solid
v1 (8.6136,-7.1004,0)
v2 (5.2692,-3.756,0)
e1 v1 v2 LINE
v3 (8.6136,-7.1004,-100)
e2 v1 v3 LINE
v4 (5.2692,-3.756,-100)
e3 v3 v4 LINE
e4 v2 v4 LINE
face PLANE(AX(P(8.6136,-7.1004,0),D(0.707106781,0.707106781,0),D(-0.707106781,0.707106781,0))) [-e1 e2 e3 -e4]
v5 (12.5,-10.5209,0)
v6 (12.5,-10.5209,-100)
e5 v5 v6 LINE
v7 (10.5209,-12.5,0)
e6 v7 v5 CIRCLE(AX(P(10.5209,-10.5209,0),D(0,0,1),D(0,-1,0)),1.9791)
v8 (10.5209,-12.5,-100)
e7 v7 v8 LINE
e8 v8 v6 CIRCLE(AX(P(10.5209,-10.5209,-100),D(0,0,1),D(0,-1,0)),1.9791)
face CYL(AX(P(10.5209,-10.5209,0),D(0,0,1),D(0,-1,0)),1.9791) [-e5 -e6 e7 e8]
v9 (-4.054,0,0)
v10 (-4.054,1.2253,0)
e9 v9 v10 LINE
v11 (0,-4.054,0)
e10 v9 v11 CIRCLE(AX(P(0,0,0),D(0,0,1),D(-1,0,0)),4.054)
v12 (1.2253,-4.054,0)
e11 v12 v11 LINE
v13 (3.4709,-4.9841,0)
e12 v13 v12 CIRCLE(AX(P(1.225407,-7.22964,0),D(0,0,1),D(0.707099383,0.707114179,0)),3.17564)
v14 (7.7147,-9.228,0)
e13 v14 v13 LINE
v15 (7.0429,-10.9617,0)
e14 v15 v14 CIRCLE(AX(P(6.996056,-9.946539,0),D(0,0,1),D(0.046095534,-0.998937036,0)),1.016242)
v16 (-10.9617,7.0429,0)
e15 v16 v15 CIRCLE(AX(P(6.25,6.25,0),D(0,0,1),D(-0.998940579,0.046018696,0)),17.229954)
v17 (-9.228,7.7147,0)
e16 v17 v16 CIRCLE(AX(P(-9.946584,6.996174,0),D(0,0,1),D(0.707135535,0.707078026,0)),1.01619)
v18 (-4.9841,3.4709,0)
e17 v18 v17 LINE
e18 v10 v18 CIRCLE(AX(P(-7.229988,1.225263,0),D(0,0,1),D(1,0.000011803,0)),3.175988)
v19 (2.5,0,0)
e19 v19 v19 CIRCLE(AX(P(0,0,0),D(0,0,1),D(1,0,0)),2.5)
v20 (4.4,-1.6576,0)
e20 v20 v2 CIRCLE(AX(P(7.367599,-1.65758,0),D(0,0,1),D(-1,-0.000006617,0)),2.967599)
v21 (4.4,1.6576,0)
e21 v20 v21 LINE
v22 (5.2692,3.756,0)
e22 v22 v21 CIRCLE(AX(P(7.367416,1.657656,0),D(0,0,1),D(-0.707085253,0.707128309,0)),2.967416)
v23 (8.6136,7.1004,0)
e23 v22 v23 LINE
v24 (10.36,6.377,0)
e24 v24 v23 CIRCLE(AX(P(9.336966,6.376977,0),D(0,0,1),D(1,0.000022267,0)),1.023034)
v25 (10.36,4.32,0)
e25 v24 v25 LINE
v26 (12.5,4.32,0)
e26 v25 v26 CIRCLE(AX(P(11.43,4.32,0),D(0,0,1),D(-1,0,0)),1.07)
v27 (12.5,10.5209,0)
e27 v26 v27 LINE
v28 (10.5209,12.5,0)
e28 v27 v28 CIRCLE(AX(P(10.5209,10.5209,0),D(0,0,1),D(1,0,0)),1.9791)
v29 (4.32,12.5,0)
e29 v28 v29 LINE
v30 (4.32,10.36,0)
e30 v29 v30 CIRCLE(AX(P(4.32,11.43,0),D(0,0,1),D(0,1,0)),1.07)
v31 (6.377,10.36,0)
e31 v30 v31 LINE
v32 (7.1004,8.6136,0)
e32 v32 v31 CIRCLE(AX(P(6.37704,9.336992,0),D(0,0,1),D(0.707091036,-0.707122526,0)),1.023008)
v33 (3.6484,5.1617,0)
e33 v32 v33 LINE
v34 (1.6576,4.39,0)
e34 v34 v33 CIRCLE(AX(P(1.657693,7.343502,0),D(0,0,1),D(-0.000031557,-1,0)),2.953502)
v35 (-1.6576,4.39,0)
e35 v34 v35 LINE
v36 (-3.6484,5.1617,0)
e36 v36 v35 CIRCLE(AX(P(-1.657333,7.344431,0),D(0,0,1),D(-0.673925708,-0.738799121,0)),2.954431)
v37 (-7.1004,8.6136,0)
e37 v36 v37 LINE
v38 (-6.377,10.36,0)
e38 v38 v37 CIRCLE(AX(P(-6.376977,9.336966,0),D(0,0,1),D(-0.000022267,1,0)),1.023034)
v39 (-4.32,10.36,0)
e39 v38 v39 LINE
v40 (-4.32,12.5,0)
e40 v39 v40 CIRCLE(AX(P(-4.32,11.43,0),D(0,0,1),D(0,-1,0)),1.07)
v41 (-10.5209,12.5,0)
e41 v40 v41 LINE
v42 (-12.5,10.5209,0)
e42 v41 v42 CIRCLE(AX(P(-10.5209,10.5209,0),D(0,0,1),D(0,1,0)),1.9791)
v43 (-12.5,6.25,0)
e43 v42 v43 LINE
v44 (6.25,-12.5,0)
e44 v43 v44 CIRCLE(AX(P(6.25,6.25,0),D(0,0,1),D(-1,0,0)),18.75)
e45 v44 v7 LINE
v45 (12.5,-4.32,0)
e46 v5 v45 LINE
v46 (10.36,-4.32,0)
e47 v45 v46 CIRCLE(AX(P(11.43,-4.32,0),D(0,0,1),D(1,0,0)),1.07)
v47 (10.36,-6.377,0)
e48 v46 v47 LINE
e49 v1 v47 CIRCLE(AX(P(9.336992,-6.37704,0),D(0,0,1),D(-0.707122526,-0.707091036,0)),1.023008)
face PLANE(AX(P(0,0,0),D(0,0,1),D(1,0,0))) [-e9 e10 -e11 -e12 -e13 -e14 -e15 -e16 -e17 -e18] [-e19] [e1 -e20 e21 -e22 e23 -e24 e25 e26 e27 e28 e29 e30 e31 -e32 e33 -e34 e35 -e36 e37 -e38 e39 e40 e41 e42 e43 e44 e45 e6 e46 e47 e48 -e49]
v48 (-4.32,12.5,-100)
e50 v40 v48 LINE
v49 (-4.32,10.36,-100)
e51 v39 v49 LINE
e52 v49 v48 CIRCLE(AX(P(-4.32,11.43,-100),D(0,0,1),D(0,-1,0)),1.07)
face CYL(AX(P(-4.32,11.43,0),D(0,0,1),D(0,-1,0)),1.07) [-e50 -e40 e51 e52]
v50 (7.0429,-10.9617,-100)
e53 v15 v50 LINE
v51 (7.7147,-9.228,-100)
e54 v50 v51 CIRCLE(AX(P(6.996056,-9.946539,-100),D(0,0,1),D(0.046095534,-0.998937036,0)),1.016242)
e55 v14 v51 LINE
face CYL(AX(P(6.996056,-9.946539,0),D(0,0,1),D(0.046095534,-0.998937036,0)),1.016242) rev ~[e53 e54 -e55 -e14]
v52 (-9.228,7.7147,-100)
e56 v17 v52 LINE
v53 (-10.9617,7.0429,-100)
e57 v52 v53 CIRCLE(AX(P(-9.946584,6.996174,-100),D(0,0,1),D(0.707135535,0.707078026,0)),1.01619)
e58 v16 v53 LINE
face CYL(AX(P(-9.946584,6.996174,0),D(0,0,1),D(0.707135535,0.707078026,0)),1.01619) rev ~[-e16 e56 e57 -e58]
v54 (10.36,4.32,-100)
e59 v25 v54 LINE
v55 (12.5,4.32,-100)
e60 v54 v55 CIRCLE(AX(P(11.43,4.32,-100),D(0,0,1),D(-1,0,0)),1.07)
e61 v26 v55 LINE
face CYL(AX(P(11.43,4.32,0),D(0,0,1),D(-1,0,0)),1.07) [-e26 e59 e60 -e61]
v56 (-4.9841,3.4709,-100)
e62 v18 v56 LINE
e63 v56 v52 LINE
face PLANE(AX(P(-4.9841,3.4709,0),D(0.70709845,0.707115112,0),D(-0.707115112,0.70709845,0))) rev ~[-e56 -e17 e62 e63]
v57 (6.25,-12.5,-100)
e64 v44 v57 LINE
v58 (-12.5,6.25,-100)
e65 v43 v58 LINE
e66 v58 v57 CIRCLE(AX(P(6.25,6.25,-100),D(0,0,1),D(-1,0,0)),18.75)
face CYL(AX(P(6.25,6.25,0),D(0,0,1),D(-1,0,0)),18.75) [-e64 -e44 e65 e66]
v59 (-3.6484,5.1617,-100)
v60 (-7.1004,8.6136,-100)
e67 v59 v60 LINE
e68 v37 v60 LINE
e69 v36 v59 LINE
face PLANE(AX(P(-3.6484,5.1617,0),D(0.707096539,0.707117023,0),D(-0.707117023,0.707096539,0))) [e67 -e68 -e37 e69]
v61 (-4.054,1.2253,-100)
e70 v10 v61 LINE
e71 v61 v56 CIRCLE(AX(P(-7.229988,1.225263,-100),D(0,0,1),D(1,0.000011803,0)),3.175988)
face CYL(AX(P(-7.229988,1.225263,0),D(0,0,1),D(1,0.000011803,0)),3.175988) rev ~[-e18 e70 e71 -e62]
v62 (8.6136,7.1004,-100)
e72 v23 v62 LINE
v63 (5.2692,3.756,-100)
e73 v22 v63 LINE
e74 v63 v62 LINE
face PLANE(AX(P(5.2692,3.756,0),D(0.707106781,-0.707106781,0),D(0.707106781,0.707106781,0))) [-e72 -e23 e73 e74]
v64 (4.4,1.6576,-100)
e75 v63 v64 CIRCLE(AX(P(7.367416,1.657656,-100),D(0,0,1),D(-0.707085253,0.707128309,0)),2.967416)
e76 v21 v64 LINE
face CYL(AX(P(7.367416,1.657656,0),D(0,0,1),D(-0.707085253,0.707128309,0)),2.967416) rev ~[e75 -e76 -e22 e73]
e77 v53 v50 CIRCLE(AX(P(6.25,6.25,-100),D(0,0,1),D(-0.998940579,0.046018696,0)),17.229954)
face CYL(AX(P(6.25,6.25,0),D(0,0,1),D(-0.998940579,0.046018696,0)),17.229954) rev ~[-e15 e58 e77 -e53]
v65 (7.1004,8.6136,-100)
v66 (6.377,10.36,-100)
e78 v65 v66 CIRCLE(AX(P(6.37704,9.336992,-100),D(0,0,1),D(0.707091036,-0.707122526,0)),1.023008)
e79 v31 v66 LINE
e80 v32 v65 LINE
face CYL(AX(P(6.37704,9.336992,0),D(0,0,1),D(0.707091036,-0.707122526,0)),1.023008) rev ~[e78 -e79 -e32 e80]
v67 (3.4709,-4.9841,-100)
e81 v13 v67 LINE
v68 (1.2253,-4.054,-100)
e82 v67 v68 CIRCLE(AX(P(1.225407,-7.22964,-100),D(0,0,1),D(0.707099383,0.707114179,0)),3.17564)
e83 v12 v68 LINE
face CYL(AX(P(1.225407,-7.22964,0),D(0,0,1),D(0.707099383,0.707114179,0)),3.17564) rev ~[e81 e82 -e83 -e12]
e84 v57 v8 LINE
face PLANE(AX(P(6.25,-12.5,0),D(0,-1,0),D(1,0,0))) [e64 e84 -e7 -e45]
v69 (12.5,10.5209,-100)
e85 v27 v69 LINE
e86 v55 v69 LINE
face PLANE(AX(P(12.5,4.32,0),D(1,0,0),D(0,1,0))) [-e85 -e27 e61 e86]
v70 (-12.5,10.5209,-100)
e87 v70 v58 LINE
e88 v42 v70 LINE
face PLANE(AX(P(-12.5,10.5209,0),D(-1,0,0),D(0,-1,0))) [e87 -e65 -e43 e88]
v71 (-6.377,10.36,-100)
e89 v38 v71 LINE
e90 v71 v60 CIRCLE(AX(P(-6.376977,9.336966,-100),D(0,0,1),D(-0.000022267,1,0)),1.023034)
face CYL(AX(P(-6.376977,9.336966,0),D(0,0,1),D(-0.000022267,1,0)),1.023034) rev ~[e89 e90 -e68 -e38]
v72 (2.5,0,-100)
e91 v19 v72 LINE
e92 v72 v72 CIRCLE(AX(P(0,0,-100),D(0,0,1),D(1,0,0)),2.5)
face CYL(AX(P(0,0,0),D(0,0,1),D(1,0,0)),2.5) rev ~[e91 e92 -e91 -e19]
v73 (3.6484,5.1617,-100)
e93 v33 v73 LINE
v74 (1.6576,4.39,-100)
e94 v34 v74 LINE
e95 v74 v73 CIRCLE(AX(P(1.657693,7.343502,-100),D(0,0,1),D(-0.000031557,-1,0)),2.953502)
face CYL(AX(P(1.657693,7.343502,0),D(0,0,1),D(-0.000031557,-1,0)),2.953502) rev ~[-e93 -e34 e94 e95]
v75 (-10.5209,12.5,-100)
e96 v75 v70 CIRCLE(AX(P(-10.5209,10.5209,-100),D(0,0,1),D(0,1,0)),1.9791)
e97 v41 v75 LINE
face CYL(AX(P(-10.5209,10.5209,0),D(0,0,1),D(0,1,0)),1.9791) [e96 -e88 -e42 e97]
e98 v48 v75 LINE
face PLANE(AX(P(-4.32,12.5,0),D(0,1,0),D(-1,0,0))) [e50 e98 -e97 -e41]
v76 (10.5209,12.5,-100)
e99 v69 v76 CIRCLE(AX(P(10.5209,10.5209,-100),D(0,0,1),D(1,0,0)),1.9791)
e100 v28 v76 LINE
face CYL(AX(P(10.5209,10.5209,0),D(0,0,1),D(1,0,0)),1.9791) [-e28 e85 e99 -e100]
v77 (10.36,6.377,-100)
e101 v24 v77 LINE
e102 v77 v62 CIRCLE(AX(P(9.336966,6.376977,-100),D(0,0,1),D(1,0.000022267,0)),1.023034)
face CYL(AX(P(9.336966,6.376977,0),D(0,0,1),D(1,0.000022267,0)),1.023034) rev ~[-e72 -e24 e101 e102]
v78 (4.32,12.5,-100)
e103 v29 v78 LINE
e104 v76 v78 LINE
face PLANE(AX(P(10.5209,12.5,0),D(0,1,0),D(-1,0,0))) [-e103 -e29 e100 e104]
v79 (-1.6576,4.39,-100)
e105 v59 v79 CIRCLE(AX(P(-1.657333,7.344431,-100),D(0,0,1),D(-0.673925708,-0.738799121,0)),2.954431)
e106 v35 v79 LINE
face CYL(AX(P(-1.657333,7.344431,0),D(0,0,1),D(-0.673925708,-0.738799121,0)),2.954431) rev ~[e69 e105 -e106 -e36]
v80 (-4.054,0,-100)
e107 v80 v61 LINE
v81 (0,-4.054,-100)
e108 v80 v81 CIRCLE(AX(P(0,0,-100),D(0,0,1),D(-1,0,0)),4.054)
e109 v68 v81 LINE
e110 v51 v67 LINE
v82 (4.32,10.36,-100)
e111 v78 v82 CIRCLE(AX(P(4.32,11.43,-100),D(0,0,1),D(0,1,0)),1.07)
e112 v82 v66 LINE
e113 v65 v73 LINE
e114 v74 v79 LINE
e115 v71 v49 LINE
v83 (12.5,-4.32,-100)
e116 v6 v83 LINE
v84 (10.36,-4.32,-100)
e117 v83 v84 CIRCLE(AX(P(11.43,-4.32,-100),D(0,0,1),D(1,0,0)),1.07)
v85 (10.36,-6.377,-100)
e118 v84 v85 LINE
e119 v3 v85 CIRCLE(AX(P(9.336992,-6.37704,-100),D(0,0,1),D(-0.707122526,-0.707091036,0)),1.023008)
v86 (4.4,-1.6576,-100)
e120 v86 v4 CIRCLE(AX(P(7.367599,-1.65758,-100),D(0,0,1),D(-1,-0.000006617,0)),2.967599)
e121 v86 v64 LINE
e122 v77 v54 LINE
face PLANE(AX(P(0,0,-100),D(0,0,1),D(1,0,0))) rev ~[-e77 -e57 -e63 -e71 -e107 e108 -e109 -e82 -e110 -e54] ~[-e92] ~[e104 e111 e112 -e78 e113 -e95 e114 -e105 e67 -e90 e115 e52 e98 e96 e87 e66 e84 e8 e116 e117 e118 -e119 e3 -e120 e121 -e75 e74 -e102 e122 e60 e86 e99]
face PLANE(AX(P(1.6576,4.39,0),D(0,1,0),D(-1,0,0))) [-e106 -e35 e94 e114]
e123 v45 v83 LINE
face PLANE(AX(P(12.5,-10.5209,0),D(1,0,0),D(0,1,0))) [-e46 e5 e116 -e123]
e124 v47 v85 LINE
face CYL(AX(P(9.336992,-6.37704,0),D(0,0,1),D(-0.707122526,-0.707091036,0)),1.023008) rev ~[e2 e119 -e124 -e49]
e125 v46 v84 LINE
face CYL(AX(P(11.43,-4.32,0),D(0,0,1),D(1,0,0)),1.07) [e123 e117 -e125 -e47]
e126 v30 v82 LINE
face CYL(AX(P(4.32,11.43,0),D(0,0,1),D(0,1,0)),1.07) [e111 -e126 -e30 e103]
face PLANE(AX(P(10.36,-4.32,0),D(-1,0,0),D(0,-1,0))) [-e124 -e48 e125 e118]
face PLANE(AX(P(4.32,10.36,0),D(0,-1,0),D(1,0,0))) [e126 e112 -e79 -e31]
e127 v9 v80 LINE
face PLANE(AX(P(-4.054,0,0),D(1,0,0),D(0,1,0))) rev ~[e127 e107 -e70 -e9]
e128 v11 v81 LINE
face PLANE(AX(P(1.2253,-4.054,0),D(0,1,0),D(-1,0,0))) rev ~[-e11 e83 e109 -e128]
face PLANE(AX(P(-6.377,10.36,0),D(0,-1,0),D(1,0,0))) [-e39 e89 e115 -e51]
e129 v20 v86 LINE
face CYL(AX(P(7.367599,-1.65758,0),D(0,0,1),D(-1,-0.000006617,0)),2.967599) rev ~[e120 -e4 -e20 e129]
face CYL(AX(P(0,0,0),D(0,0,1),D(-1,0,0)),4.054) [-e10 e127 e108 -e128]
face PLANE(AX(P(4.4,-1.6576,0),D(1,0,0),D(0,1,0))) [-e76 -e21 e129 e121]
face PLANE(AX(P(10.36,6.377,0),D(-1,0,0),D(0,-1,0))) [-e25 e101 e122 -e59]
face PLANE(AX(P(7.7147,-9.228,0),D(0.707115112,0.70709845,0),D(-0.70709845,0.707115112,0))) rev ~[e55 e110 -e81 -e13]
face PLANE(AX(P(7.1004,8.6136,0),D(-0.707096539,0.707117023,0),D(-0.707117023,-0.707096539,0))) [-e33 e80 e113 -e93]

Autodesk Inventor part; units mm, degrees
ref_plane "YZ Plane" through (0, 0, 0) normal (1, 0, 0) x (0, 1, 0)
ref_plane "XZ Plane" through (0, 0, 0) normal (0, 1, 0) x (-1, 0, 0)
ref_plane "XY Plane" through (0, 0, 0) normal (0, 0, 1) x (1, 0, 0)
sketch "Sketch1" plane through (0, 0, 0) normal (0, 0, 1) x (1, 0, 0)
  arc A0 (-10.9617, 7.0429) -> (7.0429, -10.9617) centre (6.25, 6.25) ccw
  arc A1 (-9.228, 7.7147) -> (-10.9617, 7.0429) centre (-9.9466, 6.9961) ccw
  line L0 (-4.9841, 3.4709) -> (-9.228, 7.7147)
  arc A2 (-4.054, 1.2253) -> (-4.9841, 3.4709) centre (-7.2298, 1.2253) ccw
  line L1 (-4.054, 0) -> (-4.054, 1.2253)
  arc A3 (-4.054, 0) -> (0, -4.054) centre (0, 0) ccw
  line L2 (1.2253, -4.054) -> (0, -4.054)
  arc A4 (3.4709, -4.9841) -> (1.2253, -4.054) centre (1.2253, -7.2298) ccw
  line L3 (7.7147, -9.228) -> (3.4709, -4.9841)
  arc A5 (7.0429, -10.9617) -> (7.7147, -9.228) centre (6.9961, -9.9466) ccw
  circle A6 centre (0, 0) radius 2.5
  arc A7 (5.2692, 3.756) -> (4.4, 1.6576) centre (7.3675, 1.6576) ccw
  line L4 (5.2692, 3.756) -> (8.6136, 7.1004)
  arc A8 (10.36, 6.377) -> (8.6136, 7.1004) centre (9.337, 6.377) ccw
  line L5 (10.36, 6.377) -> (10.36, 4.32)
  arc A9 (10.36, 4.32) -> (12.5, 4.32) centre (11.43, 4.32) ccw
  line L6 (12.5, 4.32) -> (12.5, 10.5209)
  arc A10 (12.5, 10.5209) -> (10.5209, 12.5) centre (10.5209, 10.5209) ccw
  line L7 (10.5209, 12.5) -> (4.32, 12.5)
  arc A11 (4.32, 12.5) -> (4.32, 10.36) centre (4.32, 11.43) ccw
  line L8 (4.32, 10.36) -> (6.377, 10.36)
  arc A12 (7.1004, 8.6136) -> (6.377, 10.36) centre (6.377, 9.337) ccw
  line L9 (7.1004, 8.6136) -> (3.6484, 5.1617)
  arc A13 (1.6576, 4.39) -> (3.6484, 5.1617) centre (1.6576, 7.344) ccw
  line L10 (1.6576, 4.39) -> (-1.6576, 4.39)
  arc A14 (-3.6484, 5.1617) -> (-1.6576, 4.39) centre (-1.6576, 7.344) ccw
  line L11 (-3.6484, 5.1617) -> (-7.1004, 8.6136)
  arc A15 (-6.377, 10.36) -> (-7.1004, 8.6136) centre (-6.377, 9.337) ccw
  line L12 (-6.377, 10.36) -> (-4.32, 10.36)
  arc A16 (-4.32, 10.36) -> (-4.32, 12.5) centre (-4.32, 11.43) ccw
  line L13 (-4.32, 12.5) -> (-10.5209, 12.5)
  arc A17 (-10.5209, 12.5) -> (-12.5, 10.5209) centre (-10.5209, 10.5209) ccw
  line L14 (-12.5, 10.5209) -> (-12.5, 6.25)
  arc A18 (-12.5, 6.25) -> (6.25, -12.5) centre (6.25, 6.25) ccw
  line L15 (6.25, -12.5) -> (10.5209, -12.5)
  arc A19 (10.5209, -12.5) -> (12.5, -10.5209) centre (10.5209, -10.5209) ccw
  line L16 (12.5, -10.5209) -> (12.5, -4.32)
  arc A20 (12.5, -4.32) -> (10.36, -4.32) centre (11.43, -4.32) ccw
  line L17 (10.36, -4.32) -> (10.36, -6.377)
  arc A21 (8.6136, -7.1004) -> (10.36, -6.377) centre (9.337, -6.377) ccw
  line L18 (8.6136, -7.1004) -> (5.2692, -3.756)
  arc A22 (4.4, -1.6576) -> (5.2692, -3.756) centre (7.3675, -1.6576) ccw
  line L19 (4.4, -1.6576) -> (4.4, 1.6576)
extrude "Extrusion1" add sketch "Sketch1" against normal blind 100
properties part number "25-2527"
